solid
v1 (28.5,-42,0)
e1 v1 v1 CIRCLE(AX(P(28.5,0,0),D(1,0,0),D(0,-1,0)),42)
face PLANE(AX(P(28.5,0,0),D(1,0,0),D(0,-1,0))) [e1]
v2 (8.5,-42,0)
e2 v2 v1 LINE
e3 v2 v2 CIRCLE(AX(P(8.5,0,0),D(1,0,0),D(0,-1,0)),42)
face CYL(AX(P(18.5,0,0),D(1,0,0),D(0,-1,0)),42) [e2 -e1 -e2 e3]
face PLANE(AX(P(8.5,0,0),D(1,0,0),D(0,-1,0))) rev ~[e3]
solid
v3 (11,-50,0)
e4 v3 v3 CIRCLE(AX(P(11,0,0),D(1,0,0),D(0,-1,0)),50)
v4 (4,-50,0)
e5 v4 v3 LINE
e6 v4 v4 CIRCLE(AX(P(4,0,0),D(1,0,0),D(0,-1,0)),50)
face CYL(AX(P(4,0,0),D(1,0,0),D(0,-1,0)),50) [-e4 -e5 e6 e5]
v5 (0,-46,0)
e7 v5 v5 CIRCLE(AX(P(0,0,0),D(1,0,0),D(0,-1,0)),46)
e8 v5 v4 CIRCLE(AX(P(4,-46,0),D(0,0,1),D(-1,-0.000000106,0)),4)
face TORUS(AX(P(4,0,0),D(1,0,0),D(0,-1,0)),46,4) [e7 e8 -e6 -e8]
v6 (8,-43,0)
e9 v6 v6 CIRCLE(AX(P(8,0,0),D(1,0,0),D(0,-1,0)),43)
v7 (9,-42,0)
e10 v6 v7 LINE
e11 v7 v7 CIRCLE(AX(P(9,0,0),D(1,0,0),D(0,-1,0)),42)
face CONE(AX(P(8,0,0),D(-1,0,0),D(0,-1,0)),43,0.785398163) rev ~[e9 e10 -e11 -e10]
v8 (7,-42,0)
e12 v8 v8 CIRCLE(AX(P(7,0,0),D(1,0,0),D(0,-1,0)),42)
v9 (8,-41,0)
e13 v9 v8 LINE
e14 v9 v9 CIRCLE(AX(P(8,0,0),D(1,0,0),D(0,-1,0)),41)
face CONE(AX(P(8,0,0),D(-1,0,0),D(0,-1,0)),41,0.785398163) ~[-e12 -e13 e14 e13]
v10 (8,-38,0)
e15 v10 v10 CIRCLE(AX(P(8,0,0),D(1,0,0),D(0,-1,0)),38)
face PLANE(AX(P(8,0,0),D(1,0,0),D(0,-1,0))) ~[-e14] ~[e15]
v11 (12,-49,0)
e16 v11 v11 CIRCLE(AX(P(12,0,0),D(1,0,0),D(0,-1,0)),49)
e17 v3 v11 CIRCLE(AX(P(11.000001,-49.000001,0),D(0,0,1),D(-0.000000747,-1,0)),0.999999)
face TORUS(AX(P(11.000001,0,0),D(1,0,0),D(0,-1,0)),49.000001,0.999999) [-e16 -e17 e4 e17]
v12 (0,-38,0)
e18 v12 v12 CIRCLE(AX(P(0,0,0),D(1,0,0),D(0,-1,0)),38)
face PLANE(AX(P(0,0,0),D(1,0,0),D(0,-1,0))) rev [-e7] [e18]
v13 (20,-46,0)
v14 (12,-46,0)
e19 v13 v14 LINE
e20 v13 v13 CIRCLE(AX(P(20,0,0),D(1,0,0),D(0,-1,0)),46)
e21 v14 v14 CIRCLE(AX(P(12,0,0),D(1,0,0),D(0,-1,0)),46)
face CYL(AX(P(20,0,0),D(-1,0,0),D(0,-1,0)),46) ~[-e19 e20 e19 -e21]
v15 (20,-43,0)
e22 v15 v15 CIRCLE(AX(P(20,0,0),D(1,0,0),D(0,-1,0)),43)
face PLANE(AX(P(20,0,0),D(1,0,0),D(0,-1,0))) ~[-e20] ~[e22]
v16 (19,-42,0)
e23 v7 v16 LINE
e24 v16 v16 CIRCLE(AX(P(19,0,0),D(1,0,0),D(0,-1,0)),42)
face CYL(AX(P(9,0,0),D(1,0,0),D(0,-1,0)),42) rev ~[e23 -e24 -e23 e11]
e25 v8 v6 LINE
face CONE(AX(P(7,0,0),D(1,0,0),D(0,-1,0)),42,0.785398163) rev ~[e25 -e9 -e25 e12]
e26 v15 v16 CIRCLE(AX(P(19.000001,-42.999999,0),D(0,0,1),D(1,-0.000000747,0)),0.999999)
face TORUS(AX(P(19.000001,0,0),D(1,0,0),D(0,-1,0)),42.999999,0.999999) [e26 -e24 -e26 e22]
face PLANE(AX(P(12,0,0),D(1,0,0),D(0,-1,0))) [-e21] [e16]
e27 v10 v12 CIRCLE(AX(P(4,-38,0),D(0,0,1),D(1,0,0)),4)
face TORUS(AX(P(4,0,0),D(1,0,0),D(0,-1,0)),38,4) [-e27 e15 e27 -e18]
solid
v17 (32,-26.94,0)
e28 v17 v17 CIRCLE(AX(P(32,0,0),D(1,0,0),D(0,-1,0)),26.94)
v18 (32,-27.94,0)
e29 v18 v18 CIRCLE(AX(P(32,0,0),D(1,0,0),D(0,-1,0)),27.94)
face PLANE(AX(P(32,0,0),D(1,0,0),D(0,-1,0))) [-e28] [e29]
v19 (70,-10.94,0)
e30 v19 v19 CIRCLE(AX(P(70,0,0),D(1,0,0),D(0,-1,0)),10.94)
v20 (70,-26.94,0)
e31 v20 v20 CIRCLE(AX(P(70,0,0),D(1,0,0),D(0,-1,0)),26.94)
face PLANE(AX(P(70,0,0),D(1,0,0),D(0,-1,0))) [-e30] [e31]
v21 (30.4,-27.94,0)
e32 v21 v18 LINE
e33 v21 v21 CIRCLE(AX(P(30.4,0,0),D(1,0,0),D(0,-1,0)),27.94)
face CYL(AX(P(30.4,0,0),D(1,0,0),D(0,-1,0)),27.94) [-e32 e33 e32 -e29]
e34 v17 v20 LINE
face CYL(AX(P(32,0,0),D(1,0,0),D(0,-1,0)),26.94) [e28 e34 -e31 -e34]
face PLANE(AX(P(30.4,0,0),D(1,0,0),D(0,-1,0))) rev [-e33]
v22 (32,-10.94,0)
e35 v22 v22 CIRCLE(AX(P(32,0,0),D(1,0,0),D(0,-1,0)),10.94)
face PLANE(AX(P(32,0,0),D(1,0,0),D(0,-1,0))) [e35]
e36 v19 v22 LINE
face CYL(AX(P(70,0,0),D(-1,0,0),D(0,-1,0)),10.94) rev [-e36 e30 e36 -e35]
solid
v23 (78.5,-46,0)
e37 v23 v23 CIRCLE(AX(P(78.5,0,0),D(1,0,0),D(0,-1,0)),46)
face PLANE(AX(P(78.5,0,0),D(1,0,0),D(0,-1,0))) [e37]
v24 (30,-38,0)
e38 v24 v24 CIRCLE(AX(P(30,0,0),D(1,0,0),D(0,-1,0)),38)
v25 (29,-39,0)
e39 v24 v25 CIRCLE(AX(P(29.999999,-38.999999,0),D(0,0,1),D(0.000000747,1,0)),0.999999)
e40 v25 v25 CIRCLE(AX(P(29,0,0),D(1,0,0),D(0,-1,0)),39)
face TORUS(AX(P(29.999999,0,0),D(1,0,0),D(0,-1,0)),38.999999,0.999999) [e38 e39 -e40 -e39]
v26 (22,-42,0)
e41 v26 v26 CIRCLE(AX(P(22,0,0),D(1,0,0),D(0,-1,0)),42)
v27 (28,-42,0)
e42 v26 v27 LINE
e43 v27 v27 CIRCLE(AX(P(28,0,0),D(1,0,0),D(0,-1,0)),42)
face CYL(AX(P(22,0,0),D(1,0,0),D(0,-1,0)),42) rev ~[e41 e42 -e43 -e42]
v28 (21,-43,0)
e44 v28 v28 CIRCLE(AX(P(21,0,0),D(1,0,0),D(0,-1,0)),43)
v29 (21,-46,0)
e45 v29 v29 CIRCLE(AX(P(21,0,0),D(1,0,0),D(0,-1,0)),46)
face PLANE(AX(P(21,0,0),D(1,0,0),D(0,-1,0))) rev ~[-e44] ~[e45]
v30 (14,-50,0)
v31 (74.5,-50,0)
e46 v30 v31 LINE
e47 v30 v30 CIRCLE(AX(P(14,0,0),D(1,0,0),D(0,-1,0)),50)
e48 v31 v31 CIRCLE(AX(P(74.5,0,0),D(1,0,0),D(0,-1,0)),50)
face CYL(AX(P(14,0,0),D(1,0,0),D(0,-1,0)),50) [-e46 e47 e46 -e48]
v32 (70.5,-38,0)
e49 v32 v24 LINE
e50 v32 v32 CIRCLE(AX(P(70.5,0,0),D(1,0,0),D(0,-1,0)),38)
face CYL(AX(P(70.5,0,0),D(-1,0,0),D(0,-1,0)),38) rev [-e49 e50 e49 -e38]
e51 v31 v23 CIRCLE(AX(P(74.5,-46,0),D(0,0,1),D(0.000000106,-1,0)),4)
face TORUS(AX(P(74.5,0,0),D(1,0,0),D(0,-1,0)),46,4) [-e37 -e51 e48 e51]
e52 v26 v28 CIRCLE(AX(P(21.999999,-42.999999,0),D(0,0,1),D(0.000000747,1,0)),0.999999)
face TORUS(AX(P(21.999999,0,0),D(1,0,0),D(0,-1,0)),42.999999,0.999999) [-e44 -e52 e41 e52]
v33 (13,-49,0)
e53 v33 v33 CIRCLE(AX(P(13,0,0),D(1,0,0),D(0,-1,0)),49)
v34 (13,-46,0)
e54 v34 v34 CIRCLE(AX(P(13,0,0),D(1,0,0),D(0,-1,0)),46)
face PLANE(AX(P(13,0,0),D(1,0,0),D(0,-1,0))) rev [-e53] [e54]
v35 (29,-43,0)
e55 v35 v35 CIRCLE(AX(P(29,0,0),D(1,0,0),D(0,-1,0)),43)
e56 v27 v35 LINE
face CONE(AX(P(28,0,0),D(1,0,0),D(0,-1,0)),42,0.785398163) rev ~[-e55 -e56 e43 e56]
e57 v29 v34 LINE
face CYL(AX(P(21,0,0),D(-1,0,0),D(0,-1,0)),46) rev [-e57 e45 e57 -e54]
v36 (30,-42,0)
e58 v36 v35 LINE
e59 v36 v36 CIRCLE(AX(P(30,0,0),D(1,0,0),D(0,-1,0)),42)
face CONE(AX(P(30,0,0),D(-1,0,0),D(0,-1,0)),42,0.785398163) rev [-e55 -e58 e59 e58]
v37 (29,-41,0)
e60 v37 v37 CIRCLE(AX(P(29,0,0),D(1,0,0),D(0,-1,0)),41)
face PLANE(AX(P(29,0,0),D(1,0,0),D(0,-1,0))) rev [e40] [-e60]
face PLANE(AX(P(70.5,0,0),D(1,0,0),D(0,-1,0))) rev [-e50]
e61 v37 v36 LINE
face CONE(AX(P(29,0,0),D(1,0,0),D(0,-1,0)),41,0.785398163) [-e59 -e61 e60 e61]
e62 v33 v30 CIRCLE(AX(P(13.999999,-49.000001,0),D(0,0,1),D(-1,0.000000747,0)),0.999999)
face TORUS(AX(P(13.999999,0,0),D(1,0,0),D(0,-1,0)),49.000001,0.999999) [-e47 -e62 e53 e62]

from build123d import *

# Parameters (mm, degrees)
REVOLUTION_ANGLE = 0
SKETCH001_W      = 20
SKETCH001_H      = 42


with BuildPart() as front:
    # Sketch → Revolution (revolve)
    with BuildSketch(Plane.XY):
        with BuildLine():
            ThreePointArc((8, -38), (4, -34), (0, -38))
            Line((0, -38), (0, -46))
            ThreePointArc((0, -46), (1.171573, -48.828427), (4, -50))
            Line((4, -50), (11, -50))
            ThreePointArc((11, -50), (11.707107, -49.707107), (12, -49))
            Line((12, -49), (12, -46))
            Line((20, -46), (12, -46))
            Line((20, -43), (20, -46))
            ThreePointArc((20, -43), (19.707107, -42.292893), (19, -42))
            Line((9, -42), (19, -42))
            Line((8, -43), (9, -42))
            Line((7, -42), (8, -43))
            Line((8, -41), (7, -42))
            Line((8, -38), (8, -41))
        make_face()
    revolve(axis=Axis((0, 0, 0), (1, 0, 0)), revolution_arc=REVOLUTION_ANGLE)


with BuildPart() as window:
    # Sketch001 → Revolution001 (revolve)
    with BuildSketch(Plane.XY):
        with Locations((18.5, -21)):
            Rectangle(SKETCH001_W, SKETCH001_H)
    revolve(axis=Axis((0, 0, 0), (1, 0, 0)))


with BuildPart() as back:
    # Sketch002 → Revolution002 (revolve)
    with BuildSketch(Plane.XY):
        with BuildLine():
            Line((14, -50), (74.5, -50))
            ThreePointArc((74.5, -50), (77.328427, -48.828427), (78.5, -46))
            Line((78.5, -46), (78.5, 0))
            Line((78.5, 0), (70.5, 0))
            Line((70.5, 0), (70.5, -38))
            Line((70.5, -38), (30, -38))
            ThreePointArc((30, -38), (29.292893, -38.292893), (29, -39))
            Line((29, -39), (29, -41))
            Line((29, -41), (30, -42))
            Line((30, -42), (29, -43))
            Line((28, -42), (29, -43))
            Line((22, -42), (28, -42))
            ThreePointArc((22, -42), (21.292893, -42.292893), (21, -43))
            Line((21, -46), (21, -43))
            Line((21, -46), (13, -46))
            Line((13, -46), (13, -49))
            ThreePointArc((13, -49), (13.292893, -49.707107), (14, -50))
        make_face()
    revolve(axis=Axis((0, 0, 0), (1, 0, 0)))


with BuildPart() as body003:
    # Sketch003 → Revolution003 (revolve)
    with BuildSketch(Plane.XY):
        Polygon((30.4, 0), (30.4, -27.94), (32, -27.94), (32, -26.94), (70, -26.94), (70, -10.94), (32, -10.94), (32, 0), align=None)
    revolve(axis=Axis((0, 0, 0), (1, 0, 0)))


solid = Compound([front.part, window.part, back.part, body003.part])
